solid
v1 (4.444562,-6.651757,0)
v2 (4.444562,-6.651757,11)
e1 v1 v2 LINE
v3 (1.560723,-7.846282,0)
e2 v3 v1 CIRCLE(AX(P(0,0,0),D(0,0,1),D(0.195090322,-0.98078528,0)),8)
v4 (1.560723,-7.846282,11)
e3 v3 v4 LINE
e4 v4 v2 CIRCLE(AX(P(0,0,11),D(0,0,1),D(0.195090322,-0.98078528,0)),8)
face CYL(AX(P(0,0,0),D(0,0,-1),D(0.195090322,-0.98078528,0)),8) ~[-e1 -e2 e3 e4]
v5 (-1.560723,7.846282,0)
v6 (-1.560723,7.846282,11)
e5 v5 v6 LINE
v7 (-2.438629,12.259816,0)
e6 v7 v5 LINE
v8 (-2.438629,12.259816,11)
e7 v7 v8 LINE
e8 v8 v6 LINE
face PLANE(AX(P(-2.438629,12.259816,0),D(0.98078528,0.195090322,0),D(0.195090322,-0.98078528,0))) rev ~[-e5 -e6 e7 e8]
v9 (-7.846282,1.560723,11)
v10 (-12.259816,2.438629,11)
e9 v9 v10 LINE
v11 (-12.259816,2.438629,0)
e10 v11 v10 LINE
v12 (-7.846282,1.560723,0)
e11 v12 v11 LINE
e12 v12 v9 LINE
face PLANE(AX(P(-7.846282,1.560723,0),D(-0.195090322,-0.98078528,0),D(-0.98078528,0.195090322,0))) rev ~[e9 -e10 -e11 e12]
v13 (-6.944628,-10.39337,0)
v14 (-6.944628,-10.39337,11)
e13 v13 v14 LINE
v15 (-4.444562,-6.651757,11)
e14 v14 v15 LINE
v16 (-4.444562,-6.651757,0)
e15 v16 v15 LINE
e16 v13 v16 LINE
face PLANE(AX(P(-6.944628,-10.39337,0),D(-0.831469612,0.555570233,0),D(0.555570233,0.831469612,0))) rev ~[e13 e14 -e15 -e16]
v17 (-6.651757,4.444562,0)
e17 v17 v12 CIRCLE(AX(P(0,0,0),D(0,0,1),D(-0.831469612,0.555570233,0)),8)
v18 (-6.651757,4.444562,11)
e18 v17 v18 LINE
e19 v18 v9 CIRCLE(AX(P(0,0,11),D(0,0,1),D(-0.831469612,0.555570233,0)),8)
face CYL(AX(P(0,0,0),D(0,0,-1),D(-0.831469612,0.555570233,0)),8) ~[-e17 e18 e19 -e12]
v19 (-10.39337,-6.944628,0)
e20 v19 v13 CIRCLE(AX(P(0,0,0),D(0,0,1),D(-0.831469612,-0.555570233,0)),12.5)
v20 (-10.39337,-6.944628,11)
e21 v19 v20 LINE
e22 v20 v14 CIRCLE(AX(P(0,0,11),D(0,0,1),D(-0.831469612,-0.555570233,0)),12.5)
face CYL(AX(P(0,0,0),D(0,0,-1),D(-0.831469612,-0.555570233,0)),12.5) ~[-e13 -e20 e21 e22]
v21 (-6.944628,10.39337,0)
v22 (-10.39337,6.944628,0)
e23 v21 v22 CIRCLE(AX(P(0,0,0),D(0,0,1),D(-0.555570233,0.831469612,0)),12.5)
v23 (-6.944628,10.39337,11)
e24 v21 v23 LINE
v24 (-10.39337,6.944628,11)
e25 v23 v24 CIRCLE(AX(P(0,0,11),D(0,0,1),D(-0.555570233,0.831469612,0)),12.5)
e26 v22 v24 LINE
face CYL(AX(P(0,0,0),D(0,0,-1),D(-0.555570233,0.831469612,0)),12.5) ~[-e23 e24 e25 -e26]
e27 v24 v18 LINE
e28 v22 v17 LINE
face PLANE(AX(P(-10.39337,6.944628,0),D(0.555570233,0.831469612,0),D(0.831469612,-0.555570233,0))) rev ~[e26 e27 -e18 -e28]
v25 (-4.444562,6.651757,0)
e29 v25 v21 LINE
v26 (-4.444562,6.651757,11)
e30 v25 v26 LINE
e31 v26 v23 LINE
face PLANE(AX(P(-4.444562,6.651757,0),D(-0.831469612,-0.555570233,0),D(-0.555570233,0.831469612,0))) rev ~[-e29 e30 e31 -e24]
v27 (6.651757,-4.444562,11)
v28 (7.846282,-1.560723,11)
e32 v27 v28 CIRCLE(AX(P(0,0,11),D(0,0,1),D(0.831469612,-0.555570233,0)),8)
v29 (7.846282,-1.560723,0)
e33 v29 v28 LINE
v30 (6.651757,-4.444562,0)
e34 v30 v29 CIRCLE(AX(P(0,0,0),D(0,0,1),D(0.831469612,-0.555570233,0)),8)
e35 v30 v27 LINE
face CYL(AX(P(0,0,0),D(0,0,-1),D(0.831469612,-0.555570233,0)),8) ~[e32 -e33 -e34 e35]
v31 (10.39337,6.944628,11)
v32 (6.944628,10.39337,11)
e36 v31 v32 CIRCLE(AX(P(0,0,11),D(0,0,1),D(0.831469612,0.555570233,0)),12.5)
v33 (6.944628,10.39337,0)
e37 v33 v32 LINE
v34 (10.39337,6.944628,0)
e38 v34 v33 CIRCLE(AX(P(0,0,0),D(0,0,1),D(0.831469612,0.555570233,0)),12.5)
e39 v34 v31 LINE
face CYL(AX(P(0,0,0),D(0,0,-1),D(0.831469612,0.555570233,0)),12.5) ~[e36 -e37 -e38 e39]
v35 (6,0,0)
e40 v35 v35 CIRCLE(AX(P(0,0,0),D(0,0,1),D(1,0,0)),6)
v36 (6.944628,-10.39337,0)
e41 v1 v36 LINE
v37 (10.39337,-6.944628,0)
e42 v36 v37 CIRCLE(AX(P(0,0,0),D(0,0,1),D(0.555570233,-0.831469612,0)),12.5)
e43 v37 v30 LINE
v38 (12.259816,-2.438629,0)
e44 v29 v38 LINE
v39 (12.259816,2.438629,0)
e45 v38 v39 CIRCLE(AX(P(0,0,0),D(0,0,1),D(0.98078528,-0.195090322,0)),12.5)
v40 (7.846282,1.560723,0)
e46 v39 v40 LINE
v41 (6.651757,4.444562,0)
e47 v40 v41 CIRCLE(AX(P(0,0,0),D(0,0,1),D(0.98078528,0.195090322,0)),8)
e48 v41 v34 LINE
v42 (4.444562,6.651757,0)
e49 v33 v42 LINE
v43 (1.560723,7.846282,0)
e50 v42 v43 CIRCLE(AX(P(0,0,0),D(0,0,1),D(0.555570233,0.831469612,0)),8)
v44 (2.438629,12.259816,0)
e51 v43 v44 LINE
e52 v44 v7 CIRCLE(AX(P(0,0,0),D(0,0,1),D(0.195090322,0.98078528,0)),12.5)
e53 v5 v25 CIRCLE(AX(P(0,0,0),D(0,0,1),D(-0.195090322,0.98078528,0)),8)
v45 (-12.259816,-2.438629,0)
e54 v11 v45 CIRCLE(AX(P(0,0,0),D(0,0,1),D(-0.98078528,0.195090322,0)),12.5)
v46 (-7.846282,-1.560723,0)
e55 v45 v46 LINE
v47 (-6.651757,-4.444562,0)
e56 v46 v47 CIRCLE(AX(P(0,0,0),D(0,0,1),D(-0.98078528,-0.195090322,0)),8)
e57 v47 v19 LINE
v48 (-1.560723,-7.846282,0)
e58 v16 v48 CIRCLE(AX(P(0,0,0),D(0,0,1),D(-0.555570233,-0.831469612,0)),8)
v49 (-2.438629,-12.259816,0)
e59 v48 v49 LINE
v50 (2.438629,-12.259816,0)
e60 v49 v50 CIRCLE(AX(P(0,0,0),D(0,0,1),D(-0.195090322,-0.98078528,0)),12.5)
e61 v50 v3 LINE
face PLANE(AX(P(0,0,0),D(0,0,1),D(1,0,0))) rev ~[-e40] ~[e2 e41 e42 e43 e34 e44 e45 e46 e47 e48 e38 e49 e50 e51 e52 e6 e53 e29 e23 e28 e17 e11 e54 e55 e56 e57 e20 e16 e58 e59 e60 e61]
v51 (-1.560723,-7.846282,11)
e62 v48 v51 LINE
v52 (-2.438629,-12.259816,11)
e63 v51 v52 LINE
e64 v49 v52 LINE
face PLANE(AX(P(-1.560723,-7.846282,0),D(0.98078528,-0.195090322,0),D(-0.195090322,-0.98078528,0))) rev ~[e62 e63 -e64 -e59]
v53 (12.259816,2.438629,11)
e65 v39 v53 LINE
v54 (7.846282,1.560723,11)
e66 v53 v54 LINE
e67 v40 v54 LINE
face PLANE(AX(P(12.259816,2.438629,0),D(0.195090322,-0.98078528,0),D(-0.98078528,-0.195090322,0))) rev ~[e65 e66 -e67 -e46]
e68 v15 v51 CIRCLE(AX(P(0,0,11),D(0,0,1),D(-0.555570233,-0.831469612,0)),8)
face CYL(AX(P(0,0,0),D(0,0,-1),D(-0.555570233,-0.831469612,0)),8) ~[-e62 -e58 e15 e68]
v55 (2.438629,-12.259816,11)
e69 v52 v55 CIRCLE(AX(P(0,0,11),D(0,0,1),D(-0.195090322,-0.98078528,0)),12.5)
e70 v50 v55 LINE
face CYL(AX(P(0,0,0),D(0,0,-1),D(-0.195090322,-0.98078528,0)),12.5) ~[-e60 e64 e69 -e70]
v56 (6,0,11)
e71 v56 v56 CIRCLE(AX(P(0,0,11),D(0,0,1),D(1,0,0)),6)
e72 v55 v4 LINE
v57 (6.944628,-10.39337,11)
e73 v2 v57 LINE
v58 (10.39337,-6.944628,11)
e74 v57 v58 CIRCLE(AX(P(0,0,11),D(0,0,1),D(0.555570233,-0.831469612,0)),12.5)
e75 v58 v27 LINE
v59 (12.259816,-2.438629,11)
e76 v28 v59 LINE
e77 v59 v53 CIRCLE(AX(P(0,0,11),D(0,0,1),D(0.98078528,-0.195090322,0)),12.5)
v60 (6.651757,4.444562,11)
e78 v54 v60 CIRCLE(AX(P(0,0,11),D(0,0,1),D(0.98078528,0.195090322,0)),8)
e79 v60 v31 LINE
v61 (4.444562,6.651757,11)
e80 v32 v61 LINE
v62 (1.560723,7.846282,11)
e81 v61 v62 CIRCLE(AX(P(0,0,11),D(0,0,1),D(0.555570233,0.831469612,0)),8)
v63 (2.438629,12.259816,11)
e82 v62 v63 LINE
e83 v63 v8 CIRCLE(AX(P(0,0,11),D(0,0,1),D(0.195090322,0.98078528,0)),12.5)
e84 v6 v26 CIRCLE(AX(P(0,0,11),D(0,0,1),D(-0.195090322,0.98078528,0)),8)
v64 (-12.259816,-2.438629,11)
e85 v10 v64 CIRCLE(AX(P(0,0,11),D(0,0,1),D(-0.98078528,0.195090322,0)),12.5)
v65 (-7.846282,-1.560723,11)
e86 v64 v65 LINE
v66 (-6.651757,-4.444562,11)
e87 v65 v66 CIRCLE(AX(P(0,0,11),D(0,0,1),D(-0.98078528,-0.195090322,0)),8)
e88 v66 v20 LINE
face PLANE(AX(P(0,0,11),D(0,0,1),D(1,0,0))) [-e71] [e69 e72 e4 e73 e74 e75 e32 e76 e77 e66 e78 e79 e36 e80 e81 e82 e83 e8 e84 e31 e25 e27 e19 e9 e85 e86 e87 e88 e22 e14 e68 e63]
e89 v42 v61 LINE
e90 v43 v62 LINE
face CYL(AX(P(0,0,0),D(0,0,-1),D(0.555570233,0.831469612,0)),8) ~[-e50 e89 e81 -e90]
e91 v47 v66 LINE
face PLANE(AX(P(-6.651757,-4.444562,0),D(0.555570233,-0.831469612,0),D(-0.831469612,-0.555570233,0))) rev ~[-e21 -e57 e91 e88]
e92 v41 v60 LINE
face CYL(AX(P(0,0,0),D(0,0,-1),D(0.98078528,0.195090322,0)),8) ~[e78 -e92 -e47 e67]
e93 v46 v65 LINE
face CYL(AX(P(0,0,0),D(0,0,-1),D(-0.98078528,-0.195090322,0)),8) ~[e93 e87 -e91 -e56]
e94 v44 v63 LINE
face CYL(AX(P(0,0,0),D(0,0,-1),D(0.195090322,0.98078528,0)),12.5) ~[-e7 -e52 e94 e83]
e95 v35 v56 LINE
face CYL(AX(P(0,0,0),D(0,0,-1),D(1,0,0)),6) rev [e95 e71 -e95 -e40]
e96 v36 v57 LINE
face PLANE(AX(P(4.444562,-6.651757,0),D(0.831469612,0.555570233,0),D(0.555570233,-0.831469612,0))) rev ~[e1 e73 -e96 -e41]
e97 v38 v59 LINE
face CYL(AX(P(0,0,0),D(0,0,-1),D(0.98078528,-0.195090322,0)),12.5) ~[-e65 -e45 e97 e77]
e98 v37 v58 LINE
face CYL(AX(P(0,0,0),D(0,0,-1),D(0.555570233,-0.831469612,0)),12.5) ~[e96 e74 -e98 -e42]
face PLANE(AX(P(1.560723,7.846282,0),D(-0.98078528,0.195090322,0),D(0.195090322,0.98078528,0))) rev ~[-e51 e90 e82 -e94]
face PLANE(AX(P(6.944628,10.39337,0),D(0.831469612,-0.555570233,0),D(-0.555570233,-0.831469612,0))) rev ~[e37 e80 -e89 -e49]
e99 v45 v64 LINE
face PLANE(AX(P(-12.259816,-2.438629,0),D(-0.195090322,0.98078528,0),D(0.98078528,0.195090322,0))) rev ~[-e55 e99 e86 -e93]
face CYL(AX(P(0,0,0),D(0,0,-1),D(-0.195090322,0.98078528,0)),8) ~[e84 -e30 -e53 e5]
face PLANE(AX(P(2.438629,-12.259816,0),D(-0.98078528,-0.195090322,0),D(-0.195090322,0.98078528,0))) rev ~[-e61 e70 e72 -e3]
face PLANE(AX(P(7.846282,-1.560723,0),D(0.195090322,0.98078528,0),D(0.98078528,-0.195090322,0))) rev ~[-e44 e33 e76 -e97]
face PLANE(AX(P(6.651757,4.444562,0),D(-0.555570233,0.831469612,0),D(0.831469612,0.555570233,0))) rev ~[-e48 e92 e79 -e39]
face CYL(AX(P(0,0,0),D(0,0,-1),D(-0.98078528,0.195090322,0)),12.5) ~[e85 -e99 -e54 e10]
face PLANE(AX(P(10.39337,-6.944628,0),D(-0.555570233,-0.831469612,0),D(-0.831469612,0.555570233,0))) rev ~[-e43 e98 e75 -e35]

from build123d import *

# Parameters (mm, degrees)
SKETCH_1_R      = 6
EXTRUDE_1_DEPTH = 11


with BuildPart() as part:
    # 草图1 → 凸台-拉伸1 (new body)
    with BuildSketch(Plane.XY):
        with BuildLine():
            Line((-2.438629025, 12.259816005), (-1.560722576, 7.846282243))
            ThreePointArc((-1.560722576, 7.846282243), (-3.061467459, 7.39103626), (-4.444561864, 6.651756898))
            Line((-4.444561864, 6.651756898), (-6.944627913, 10.393370154))
            ThreePointArc((-6.944627913, 10.393370154), (-8.838834765, 8.838834765), (-10.393370154, 6.944627913))
            Line((-10.393370154, 6.944627913), (-6.651756898, 4.444561864))
            ThreePointArc((-6.651756898, 4.444561864), (-7.39103626, 3.061467459), (-7.846282243, 1.560722576))
            Line((-7.846282243, 1.560722576), (-12.259816005, 2.438629025))
            ThreePointArc((-12.259816005, 2.438629025), (-12.5, 0), (-12.259816005, -2.438629025))
            Line((-12.259816005, -2.438629025), (-7.846282243, -1.560722576))
            ThreePointArc((-7.846282243, -1.560722576), (-7.39103626, -3.061467459), (-6.651756898, -4.444561864))
            Line((-6.651756898, -4.444561864), (-10.393370154, -6.944627913))
            ThreePointArc((-10.393370154, -6.944627913), (-8.838834765, -8.838834765), (-6.944627913, -10.393370154))
            Line((-6.944627913, -10.393370154), (-4.444561864, -6.651756898))
            ThreePointArc((-4.444561864, -6.651756898), (-3.061467459, -7.39103626), (-1.560722576, -7.846282243))
            Line((-1.560722576, -7.846282243), (-2.438629025, -12.259816005))
            ThreePointArc((-2.438629025, -12.259816005), (0, -12.5), (2.438629025, -12.259816005))
            Line((2.438629025, -12.259816005), (1.560722576, -7.846282243))
            ThreePointArc((1.560722576, -7.846282243), (3.061467459, -7.39103626), (4.444561864, -6.651756898))
            Line((4.444561864, -6.651756898), (6.944627913, -10.393370154))
            ThreePointArc((6.944627913, -10.393370154), (8.838834765, -8.838834765), (10.393370154, -6.944627913))
            Line((10.393370154, -6.944627913), (6.651756898, -4.444561864))
            ThreePointArc((6.651756898, -4.444561864), (7.39103626, -3.061467459), (7.846282243, -1.560722576))
            Line((7.846282243, -1.560722576), (12.259816005, -2.438629025))
            ThreePointArc((12.259816005, -2.438629025), (12.5, 0), (12.259816005, 2.438629025))
            Line((12.259816005, 2.438629025), (7.846282243, 1.560722576))
            ThreePointArc((7.846282243, 1.560722576), (7.39103626, 3.061467459), (6.651756898, 4.444561864))
            Line((6.651756898, 4.444561864), (10.393370154, 6.944627913))
            ThreePointArc((10.393370154, 6.944627913), (8.838834765, 8.838834765), (6.944627913, 10.393370154))
            Line((6.944627913, 10.393370154), (4.444561864, 6.651756898))
            ThreePointArc((4.444561864, 6.651756898), (3.061467459, 7.39103626), (1.560722576, 7.846282243))
            Line((1.560722576, 7.846282243), (2.438629025, 12.259816005))
            ThreePointArc((2.438629025, 12.259816005), (0, 12.5), (-2.438629025, 12.259816005))
        make_face()
        Circle(SKETCH_1_R, mode=Mode.SUBTRACT)
    extrude(amount=EXTRUDE_1_DEPTH)


solid = part.part
